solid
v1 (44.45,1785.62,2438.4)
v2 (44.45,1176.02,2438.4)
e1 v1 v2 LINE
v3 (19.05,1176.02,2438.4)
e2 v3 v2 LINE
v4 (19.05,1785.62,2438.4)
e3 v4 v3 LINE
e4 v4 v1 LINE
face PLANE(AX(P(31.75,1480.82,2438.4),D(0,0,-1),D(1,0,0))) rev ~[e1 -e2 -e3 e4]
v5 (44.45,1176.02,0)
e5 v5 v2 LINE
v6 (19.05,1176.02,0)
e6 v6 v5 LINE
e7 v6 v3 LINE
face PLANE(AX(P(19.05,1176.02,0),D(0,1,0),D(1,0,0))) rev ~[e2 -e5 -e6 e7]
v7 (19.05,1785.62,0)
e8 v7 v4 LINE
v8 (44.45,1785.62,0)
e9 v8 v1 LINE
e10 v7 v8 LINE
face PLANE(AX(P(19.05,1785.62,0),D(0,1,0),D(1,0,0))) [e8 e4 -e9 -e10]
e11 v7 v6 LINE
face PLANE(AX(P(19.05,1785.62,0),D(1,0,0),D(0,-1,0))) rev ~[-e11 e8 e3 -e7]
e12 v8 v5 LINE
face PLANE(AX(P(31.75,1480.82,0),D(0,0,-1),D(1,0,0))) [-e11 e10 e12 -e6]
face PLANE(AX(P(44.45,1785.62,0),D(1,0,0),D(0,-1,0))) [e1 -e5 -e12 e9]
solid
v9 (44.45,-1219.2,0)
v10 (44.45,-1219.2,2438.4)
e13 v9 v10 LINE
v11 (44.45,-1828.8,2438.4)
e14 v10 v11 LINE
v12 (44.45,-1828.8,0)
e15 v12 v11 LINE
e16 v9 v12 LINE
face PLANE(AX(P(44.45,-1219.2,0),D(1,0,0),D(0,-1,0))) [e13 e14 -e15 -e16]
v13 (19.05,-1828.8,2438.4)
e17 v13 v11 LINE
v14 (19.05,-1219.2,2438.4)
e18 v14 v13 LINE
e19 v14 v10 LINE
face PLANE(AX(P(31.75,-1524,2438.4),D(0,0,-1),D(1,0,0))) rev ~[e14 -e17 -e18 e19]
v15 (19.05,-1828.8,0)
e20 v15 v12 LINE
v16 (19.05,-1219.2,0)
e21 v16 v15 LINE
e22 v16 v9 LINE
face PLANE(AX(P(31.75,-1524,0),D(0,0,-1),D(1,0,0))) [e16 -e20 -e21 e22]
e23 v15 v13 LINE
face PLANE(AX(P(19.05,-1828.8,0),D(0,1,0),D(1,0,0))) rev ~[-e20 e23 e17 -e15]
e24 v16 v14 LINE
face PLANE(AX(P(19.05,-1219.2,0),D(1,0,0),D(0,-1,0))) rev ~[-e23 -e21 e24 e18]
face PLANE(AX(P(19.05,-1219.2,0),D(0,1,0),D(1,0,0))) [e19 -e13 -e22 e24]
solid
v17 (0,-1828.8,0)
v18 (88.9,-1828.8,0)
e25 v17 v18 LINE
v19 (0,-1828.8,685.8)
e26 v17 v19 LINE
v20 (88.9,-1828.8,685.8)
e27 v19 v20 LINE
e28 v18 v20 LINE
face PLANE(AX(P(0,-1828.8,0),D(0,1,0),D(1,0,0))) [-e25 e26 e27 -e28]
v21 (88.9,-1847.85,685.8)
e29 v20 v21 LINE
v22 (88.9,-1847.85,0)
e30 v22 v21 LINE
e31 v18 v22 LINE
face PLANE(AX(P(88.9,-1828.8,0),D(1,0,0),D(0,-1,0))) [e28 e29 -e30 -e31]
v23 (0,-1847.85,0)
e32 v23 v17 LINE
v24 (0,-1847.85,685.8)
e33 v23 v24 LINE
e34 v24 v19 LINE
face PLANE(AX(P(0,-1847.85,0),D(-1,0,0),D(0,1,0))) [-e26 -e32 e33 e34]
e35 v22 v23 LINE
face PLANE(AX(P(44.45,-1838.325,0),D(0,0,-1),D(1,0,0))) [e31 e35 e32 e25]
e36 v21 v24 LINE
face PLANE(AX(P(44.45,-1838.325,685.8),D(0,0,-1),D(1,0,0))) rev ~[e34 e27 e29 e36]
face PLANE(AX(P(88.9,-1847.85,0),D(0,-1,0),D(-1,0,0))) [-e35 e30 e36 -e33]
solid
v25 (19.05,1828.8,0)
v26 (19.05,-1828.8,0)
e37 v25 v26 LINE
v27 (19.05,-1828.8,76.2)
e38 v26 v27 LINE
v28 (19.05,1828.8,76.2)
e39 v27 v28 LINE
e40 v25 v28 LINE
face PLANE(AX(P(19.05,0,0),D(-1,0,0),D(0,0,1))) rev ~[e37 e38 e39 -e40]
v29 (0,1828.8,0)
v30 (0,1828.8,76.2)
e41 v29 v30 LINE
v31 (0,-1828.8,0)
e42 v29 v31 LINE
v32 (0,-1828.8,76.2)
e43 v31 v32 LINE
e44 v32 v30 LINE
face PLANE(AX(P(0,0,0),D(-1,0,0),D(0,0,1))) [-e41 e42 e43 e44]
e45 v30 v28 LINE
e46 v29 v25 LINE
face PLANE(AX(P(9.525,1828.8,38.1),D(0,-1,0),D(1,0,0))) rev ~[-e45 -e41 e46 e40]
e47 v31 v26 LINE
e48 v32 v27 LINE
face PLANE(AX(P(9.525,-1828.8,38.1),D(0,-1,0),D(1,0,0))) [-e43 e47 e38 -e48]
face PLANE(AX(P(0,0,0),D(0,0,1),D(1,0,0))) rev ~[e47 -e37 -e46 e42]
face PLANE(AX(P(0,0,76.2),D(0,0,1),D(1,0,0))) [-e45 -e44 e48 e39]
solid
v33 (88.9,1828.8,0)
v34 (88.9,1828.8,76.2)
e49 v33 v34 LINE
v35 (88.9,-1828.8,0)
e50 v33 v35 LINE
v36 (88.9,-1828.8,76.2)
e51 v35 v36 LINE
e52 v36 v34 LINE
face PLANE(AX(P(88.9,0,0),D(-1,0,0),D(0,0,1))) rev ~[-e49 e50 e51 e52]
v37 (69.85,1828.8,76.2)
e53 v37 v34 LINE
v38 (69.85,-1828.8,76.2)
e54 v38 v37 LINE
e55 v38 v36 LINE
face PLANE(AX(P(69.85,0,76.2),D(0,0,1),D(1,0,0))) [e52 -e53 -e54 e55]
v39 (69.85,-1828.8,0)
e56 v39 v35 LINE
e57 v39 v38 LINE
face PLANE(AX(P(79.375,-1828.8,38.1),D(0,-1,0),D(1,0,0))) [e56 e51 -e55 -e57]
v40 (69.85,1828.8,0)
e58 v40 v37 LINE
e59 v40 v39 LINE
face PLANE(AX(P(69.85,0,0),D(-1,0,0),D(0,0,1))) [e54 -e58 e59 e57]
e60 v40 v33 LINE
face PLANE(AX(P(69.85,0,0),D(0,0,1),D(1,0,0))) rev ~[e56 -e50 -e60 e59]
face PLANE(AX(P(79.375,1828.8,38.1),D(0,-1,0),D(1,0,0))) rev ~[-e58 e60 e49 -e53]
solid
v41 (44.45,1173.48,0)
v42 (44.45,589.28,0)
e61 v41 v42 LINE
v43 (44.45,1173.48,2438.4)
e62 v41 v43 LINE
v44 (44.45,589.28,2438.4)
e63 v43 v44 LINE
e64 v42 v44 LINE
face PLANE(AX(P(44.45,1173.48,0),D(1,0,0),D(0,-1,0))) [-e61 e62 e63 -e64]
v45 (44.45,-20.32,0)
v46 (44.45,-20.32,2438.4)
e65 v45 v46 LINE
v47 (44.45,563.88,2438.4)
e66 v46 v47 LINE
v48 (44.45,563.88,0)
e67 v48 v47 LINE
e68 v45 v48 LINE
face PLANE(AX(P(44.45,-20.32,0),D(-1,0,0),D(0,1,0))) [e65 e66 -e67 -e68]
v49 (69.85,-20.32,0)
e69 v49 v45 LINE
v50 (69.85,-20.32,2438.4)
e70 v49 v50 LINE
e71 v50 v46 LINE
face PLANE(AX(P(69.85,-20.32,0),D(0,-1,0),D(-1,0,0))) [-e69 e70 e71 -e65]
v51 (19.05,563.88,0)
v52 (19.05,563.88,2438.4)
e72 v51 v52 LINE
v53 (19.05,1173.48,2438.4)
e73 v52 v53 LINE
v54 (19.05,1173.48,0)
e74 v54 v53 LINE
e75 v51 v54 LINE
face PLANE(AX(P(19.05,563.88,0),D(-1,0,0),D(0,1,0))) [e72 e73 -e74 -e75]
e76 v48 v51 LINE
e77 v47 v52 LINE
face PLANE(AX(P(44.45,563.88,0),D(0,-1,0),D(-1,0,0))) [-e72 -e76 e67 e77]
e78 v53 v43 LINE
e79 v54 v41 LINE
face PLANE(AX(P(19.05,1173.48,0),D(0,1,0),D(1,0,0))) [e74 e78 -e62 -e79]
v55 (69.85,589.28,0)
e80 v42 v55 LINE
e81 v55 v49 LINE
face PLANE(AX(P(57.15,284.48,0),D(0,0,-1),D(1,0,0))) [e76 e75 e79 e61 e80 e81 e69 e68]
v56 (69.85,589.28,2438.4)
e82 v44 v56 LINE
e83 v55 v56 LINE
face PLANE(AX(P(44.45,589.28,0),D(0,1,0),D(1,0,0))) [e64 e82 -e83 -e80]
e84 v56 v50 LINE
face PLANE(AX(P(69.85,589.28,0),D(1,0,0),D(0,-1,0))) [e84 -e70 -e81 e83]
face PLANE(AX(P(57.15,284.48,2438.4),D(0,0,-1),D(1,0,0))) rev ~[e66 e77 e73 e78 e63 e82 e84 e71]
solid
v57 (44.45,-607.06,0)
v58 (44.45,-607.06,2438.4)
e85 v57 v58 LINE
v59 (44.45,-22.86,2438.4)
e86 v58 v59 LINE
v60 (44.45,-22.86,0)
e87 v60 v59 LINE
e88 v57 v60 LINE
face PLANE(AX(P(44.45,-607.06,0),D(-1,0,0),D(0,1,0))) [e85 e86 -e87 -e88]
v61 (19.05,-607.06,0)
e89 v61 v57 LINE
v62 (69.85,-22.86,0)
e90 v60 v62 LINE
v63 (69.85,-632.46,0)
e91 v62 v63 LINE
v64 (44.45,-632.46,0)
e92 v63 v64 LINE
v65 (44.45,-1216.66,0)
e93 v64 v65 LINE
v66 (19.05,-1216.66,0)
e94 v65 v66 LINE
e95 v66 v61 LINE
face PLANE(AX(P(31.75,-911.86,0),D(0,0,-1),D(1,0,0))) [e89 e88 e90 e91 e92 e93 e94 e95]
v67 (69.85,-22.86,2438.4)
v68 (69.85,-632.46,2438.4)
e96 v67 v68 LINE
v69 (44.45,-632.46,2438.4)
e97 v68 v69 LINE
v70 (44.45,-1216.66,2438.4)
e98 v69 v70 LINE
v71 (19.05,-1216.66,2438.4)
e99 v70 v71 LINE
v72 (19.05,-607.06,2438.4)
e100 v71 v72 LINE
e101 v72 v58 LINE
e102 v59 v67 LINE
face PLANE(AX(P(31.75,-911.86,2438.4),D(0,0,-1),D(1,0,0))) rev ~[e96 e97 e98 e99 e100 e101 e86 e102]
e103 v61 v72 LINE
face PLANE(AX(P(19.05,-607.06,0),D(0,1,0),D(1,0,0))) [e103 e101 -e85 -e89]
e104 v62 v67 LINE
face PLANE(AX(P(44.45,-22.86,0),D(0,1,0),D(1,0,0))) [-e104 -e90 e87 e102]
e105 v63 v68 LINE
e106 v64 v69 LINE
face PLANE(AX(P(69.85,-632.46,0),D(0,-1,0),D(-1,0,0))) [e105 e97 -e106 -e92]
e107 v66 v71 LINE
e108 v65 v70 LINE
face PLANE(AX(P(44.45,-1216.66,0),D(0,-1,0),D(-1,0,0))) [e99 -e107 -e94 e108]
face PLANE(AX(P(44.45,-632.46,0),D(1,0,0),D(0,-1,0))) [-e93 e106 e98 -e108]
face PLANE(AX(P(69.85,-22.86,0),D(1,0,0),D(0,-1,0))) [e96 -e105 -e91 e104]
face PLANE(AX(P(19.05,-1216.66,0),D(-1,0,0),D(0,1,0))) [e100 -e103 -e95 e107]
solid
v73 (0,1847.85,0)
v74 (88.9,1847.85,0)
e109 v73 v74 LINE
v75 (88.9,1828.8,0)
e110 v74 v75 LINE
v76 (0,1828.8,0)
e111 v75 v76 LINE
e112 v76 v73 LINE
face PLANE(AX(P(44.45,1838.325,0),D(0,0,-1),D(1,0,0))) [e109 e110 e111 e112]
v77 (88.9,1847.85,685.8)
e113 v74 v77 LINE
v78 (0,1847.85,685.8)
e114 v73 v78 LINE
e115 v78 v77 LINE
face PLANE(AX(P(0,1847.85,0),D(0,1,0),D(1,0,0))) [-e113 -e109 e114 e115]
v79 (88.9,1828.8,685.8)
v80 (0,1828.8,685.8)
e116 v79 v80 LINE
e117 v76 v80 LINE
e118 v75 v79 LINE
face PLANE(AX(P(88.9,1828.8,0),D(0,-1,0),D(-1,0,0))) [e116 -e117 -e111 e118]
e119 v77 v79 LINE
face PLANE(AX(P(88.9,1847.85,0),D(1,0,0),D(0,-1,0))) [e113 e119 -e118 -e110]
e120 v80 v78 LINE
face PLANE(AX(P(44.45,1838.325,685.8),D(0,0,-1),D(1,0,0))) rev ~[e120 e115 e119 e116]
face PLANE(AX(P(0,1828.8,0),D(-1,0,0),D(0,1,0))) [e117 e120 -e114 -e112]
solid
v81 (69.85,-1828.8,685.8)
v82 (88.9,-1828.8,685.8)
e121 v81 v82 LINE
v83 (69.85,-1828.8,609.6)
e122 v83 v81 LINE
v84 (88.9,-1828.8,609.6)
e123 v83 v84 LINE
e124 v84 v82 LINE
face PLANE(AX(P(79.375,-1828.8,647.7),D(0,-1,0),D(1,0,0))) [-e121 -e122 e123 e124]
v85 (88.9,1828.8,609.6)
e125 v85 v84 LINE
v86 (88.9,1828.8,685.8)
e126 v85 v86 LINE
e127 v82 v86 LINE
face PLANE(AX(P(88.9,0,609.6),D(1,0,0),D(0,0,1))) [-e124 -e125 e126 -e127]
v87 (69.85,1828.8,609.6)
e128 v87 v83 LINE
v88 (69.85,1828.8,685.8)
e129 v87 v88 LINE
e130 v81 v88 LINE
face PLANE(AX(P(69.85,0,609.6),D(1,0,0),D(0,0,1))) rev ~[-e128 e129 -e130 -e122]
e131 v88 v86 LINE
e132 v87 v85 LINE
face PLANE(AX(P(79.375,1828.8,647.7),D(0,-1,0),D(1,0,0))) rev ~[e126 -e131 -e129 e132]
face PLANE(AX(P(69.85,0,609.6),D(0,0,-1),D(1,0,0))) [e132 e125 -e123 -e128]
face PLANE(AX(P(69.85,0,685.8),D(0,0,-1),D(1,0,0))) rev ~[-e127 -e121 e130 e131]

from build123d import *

# Parameters (mm, degrees)
F0_W     = 19.05
F0_H     = 76.2
F1_DEPTH = 1828.8
F2_W     = 25.4
F2_H     = 609.6
F3_DEPTH = 2438.4
F5_DEPTH = 685.8


with BuildPart() as f1:
    # F0 (on Front) → F1 (new body, symmetric)
    with BuildSketch(Plane.XZ):
        with Locations((9.525, 38.1)):
            Rectangle(F0_W, F0_H)
        with Locations((79.375, 38.1)):
            Rectangle(F0_W, F0_H)
        with Locations((79.375, 647.7)):
            Rectangle(F0_W, F0_H)
    extrude(amount=F1_DEPTH, both=True)


with BuildPart() as f3:
    # F2 (on face) → F3 (new body)
    with BuildSketch(Plane(origin=(0, 0, 0), x_dir=(1, 0, 0), z_dir=(0, 0, -1))):
        with Locations((31.75, 1524)):
            Rectangle(F2_W, F2_H)
        Polygon((44.45, 1216.66), (19.05, 1216.66), (19.05, 607.06), (44.45, 607.06), (44.45, 632.46), align=None)
        Polygon((44.45, 20.32), (44.45, -563.88), (44.45, -589.28), (69.85, -589.28), (69.85, 20.32), align=None)
        Polygon((69.85, 632.46), (44.45, 632.46), (44.45, 607.06), (44.45, 22.86), (69.85, 22.86), align=None)
        Polygon((44.45, -563.88), (19.05, -563.88), (19.05, -1173.48), (44.45, -1173.48), (44.45, -589.28), align=None)
        with Locations((31.75, -1480.82)):
            Rectangle(F2_W, F2_H)
    extrude(amount=-F3_DEPTH)


with BuildPart() as f5:
    # F4 (on face) → F5 (new body, through all)
    with BuildSketch(Plane(origin=(0, 0, 0), x_dir=(1, 0, 0), z_dir=(0, 0, -1))):
        Polygon((19.05, -1828.8), (0, -1828.8), (0, -1847.85), (88.9, -1847.85), (88.9, -1828.8), align=None)
        Polygon((0, 1847.85), (0, 1828.8), (19.05, 1828.8), (88.9, 1828.8), (88.9, 1847.85), align=None)
    extrude(amount=-F5_DEPTH)


solid = Compound([f1.part, f3.part, f5.part])
